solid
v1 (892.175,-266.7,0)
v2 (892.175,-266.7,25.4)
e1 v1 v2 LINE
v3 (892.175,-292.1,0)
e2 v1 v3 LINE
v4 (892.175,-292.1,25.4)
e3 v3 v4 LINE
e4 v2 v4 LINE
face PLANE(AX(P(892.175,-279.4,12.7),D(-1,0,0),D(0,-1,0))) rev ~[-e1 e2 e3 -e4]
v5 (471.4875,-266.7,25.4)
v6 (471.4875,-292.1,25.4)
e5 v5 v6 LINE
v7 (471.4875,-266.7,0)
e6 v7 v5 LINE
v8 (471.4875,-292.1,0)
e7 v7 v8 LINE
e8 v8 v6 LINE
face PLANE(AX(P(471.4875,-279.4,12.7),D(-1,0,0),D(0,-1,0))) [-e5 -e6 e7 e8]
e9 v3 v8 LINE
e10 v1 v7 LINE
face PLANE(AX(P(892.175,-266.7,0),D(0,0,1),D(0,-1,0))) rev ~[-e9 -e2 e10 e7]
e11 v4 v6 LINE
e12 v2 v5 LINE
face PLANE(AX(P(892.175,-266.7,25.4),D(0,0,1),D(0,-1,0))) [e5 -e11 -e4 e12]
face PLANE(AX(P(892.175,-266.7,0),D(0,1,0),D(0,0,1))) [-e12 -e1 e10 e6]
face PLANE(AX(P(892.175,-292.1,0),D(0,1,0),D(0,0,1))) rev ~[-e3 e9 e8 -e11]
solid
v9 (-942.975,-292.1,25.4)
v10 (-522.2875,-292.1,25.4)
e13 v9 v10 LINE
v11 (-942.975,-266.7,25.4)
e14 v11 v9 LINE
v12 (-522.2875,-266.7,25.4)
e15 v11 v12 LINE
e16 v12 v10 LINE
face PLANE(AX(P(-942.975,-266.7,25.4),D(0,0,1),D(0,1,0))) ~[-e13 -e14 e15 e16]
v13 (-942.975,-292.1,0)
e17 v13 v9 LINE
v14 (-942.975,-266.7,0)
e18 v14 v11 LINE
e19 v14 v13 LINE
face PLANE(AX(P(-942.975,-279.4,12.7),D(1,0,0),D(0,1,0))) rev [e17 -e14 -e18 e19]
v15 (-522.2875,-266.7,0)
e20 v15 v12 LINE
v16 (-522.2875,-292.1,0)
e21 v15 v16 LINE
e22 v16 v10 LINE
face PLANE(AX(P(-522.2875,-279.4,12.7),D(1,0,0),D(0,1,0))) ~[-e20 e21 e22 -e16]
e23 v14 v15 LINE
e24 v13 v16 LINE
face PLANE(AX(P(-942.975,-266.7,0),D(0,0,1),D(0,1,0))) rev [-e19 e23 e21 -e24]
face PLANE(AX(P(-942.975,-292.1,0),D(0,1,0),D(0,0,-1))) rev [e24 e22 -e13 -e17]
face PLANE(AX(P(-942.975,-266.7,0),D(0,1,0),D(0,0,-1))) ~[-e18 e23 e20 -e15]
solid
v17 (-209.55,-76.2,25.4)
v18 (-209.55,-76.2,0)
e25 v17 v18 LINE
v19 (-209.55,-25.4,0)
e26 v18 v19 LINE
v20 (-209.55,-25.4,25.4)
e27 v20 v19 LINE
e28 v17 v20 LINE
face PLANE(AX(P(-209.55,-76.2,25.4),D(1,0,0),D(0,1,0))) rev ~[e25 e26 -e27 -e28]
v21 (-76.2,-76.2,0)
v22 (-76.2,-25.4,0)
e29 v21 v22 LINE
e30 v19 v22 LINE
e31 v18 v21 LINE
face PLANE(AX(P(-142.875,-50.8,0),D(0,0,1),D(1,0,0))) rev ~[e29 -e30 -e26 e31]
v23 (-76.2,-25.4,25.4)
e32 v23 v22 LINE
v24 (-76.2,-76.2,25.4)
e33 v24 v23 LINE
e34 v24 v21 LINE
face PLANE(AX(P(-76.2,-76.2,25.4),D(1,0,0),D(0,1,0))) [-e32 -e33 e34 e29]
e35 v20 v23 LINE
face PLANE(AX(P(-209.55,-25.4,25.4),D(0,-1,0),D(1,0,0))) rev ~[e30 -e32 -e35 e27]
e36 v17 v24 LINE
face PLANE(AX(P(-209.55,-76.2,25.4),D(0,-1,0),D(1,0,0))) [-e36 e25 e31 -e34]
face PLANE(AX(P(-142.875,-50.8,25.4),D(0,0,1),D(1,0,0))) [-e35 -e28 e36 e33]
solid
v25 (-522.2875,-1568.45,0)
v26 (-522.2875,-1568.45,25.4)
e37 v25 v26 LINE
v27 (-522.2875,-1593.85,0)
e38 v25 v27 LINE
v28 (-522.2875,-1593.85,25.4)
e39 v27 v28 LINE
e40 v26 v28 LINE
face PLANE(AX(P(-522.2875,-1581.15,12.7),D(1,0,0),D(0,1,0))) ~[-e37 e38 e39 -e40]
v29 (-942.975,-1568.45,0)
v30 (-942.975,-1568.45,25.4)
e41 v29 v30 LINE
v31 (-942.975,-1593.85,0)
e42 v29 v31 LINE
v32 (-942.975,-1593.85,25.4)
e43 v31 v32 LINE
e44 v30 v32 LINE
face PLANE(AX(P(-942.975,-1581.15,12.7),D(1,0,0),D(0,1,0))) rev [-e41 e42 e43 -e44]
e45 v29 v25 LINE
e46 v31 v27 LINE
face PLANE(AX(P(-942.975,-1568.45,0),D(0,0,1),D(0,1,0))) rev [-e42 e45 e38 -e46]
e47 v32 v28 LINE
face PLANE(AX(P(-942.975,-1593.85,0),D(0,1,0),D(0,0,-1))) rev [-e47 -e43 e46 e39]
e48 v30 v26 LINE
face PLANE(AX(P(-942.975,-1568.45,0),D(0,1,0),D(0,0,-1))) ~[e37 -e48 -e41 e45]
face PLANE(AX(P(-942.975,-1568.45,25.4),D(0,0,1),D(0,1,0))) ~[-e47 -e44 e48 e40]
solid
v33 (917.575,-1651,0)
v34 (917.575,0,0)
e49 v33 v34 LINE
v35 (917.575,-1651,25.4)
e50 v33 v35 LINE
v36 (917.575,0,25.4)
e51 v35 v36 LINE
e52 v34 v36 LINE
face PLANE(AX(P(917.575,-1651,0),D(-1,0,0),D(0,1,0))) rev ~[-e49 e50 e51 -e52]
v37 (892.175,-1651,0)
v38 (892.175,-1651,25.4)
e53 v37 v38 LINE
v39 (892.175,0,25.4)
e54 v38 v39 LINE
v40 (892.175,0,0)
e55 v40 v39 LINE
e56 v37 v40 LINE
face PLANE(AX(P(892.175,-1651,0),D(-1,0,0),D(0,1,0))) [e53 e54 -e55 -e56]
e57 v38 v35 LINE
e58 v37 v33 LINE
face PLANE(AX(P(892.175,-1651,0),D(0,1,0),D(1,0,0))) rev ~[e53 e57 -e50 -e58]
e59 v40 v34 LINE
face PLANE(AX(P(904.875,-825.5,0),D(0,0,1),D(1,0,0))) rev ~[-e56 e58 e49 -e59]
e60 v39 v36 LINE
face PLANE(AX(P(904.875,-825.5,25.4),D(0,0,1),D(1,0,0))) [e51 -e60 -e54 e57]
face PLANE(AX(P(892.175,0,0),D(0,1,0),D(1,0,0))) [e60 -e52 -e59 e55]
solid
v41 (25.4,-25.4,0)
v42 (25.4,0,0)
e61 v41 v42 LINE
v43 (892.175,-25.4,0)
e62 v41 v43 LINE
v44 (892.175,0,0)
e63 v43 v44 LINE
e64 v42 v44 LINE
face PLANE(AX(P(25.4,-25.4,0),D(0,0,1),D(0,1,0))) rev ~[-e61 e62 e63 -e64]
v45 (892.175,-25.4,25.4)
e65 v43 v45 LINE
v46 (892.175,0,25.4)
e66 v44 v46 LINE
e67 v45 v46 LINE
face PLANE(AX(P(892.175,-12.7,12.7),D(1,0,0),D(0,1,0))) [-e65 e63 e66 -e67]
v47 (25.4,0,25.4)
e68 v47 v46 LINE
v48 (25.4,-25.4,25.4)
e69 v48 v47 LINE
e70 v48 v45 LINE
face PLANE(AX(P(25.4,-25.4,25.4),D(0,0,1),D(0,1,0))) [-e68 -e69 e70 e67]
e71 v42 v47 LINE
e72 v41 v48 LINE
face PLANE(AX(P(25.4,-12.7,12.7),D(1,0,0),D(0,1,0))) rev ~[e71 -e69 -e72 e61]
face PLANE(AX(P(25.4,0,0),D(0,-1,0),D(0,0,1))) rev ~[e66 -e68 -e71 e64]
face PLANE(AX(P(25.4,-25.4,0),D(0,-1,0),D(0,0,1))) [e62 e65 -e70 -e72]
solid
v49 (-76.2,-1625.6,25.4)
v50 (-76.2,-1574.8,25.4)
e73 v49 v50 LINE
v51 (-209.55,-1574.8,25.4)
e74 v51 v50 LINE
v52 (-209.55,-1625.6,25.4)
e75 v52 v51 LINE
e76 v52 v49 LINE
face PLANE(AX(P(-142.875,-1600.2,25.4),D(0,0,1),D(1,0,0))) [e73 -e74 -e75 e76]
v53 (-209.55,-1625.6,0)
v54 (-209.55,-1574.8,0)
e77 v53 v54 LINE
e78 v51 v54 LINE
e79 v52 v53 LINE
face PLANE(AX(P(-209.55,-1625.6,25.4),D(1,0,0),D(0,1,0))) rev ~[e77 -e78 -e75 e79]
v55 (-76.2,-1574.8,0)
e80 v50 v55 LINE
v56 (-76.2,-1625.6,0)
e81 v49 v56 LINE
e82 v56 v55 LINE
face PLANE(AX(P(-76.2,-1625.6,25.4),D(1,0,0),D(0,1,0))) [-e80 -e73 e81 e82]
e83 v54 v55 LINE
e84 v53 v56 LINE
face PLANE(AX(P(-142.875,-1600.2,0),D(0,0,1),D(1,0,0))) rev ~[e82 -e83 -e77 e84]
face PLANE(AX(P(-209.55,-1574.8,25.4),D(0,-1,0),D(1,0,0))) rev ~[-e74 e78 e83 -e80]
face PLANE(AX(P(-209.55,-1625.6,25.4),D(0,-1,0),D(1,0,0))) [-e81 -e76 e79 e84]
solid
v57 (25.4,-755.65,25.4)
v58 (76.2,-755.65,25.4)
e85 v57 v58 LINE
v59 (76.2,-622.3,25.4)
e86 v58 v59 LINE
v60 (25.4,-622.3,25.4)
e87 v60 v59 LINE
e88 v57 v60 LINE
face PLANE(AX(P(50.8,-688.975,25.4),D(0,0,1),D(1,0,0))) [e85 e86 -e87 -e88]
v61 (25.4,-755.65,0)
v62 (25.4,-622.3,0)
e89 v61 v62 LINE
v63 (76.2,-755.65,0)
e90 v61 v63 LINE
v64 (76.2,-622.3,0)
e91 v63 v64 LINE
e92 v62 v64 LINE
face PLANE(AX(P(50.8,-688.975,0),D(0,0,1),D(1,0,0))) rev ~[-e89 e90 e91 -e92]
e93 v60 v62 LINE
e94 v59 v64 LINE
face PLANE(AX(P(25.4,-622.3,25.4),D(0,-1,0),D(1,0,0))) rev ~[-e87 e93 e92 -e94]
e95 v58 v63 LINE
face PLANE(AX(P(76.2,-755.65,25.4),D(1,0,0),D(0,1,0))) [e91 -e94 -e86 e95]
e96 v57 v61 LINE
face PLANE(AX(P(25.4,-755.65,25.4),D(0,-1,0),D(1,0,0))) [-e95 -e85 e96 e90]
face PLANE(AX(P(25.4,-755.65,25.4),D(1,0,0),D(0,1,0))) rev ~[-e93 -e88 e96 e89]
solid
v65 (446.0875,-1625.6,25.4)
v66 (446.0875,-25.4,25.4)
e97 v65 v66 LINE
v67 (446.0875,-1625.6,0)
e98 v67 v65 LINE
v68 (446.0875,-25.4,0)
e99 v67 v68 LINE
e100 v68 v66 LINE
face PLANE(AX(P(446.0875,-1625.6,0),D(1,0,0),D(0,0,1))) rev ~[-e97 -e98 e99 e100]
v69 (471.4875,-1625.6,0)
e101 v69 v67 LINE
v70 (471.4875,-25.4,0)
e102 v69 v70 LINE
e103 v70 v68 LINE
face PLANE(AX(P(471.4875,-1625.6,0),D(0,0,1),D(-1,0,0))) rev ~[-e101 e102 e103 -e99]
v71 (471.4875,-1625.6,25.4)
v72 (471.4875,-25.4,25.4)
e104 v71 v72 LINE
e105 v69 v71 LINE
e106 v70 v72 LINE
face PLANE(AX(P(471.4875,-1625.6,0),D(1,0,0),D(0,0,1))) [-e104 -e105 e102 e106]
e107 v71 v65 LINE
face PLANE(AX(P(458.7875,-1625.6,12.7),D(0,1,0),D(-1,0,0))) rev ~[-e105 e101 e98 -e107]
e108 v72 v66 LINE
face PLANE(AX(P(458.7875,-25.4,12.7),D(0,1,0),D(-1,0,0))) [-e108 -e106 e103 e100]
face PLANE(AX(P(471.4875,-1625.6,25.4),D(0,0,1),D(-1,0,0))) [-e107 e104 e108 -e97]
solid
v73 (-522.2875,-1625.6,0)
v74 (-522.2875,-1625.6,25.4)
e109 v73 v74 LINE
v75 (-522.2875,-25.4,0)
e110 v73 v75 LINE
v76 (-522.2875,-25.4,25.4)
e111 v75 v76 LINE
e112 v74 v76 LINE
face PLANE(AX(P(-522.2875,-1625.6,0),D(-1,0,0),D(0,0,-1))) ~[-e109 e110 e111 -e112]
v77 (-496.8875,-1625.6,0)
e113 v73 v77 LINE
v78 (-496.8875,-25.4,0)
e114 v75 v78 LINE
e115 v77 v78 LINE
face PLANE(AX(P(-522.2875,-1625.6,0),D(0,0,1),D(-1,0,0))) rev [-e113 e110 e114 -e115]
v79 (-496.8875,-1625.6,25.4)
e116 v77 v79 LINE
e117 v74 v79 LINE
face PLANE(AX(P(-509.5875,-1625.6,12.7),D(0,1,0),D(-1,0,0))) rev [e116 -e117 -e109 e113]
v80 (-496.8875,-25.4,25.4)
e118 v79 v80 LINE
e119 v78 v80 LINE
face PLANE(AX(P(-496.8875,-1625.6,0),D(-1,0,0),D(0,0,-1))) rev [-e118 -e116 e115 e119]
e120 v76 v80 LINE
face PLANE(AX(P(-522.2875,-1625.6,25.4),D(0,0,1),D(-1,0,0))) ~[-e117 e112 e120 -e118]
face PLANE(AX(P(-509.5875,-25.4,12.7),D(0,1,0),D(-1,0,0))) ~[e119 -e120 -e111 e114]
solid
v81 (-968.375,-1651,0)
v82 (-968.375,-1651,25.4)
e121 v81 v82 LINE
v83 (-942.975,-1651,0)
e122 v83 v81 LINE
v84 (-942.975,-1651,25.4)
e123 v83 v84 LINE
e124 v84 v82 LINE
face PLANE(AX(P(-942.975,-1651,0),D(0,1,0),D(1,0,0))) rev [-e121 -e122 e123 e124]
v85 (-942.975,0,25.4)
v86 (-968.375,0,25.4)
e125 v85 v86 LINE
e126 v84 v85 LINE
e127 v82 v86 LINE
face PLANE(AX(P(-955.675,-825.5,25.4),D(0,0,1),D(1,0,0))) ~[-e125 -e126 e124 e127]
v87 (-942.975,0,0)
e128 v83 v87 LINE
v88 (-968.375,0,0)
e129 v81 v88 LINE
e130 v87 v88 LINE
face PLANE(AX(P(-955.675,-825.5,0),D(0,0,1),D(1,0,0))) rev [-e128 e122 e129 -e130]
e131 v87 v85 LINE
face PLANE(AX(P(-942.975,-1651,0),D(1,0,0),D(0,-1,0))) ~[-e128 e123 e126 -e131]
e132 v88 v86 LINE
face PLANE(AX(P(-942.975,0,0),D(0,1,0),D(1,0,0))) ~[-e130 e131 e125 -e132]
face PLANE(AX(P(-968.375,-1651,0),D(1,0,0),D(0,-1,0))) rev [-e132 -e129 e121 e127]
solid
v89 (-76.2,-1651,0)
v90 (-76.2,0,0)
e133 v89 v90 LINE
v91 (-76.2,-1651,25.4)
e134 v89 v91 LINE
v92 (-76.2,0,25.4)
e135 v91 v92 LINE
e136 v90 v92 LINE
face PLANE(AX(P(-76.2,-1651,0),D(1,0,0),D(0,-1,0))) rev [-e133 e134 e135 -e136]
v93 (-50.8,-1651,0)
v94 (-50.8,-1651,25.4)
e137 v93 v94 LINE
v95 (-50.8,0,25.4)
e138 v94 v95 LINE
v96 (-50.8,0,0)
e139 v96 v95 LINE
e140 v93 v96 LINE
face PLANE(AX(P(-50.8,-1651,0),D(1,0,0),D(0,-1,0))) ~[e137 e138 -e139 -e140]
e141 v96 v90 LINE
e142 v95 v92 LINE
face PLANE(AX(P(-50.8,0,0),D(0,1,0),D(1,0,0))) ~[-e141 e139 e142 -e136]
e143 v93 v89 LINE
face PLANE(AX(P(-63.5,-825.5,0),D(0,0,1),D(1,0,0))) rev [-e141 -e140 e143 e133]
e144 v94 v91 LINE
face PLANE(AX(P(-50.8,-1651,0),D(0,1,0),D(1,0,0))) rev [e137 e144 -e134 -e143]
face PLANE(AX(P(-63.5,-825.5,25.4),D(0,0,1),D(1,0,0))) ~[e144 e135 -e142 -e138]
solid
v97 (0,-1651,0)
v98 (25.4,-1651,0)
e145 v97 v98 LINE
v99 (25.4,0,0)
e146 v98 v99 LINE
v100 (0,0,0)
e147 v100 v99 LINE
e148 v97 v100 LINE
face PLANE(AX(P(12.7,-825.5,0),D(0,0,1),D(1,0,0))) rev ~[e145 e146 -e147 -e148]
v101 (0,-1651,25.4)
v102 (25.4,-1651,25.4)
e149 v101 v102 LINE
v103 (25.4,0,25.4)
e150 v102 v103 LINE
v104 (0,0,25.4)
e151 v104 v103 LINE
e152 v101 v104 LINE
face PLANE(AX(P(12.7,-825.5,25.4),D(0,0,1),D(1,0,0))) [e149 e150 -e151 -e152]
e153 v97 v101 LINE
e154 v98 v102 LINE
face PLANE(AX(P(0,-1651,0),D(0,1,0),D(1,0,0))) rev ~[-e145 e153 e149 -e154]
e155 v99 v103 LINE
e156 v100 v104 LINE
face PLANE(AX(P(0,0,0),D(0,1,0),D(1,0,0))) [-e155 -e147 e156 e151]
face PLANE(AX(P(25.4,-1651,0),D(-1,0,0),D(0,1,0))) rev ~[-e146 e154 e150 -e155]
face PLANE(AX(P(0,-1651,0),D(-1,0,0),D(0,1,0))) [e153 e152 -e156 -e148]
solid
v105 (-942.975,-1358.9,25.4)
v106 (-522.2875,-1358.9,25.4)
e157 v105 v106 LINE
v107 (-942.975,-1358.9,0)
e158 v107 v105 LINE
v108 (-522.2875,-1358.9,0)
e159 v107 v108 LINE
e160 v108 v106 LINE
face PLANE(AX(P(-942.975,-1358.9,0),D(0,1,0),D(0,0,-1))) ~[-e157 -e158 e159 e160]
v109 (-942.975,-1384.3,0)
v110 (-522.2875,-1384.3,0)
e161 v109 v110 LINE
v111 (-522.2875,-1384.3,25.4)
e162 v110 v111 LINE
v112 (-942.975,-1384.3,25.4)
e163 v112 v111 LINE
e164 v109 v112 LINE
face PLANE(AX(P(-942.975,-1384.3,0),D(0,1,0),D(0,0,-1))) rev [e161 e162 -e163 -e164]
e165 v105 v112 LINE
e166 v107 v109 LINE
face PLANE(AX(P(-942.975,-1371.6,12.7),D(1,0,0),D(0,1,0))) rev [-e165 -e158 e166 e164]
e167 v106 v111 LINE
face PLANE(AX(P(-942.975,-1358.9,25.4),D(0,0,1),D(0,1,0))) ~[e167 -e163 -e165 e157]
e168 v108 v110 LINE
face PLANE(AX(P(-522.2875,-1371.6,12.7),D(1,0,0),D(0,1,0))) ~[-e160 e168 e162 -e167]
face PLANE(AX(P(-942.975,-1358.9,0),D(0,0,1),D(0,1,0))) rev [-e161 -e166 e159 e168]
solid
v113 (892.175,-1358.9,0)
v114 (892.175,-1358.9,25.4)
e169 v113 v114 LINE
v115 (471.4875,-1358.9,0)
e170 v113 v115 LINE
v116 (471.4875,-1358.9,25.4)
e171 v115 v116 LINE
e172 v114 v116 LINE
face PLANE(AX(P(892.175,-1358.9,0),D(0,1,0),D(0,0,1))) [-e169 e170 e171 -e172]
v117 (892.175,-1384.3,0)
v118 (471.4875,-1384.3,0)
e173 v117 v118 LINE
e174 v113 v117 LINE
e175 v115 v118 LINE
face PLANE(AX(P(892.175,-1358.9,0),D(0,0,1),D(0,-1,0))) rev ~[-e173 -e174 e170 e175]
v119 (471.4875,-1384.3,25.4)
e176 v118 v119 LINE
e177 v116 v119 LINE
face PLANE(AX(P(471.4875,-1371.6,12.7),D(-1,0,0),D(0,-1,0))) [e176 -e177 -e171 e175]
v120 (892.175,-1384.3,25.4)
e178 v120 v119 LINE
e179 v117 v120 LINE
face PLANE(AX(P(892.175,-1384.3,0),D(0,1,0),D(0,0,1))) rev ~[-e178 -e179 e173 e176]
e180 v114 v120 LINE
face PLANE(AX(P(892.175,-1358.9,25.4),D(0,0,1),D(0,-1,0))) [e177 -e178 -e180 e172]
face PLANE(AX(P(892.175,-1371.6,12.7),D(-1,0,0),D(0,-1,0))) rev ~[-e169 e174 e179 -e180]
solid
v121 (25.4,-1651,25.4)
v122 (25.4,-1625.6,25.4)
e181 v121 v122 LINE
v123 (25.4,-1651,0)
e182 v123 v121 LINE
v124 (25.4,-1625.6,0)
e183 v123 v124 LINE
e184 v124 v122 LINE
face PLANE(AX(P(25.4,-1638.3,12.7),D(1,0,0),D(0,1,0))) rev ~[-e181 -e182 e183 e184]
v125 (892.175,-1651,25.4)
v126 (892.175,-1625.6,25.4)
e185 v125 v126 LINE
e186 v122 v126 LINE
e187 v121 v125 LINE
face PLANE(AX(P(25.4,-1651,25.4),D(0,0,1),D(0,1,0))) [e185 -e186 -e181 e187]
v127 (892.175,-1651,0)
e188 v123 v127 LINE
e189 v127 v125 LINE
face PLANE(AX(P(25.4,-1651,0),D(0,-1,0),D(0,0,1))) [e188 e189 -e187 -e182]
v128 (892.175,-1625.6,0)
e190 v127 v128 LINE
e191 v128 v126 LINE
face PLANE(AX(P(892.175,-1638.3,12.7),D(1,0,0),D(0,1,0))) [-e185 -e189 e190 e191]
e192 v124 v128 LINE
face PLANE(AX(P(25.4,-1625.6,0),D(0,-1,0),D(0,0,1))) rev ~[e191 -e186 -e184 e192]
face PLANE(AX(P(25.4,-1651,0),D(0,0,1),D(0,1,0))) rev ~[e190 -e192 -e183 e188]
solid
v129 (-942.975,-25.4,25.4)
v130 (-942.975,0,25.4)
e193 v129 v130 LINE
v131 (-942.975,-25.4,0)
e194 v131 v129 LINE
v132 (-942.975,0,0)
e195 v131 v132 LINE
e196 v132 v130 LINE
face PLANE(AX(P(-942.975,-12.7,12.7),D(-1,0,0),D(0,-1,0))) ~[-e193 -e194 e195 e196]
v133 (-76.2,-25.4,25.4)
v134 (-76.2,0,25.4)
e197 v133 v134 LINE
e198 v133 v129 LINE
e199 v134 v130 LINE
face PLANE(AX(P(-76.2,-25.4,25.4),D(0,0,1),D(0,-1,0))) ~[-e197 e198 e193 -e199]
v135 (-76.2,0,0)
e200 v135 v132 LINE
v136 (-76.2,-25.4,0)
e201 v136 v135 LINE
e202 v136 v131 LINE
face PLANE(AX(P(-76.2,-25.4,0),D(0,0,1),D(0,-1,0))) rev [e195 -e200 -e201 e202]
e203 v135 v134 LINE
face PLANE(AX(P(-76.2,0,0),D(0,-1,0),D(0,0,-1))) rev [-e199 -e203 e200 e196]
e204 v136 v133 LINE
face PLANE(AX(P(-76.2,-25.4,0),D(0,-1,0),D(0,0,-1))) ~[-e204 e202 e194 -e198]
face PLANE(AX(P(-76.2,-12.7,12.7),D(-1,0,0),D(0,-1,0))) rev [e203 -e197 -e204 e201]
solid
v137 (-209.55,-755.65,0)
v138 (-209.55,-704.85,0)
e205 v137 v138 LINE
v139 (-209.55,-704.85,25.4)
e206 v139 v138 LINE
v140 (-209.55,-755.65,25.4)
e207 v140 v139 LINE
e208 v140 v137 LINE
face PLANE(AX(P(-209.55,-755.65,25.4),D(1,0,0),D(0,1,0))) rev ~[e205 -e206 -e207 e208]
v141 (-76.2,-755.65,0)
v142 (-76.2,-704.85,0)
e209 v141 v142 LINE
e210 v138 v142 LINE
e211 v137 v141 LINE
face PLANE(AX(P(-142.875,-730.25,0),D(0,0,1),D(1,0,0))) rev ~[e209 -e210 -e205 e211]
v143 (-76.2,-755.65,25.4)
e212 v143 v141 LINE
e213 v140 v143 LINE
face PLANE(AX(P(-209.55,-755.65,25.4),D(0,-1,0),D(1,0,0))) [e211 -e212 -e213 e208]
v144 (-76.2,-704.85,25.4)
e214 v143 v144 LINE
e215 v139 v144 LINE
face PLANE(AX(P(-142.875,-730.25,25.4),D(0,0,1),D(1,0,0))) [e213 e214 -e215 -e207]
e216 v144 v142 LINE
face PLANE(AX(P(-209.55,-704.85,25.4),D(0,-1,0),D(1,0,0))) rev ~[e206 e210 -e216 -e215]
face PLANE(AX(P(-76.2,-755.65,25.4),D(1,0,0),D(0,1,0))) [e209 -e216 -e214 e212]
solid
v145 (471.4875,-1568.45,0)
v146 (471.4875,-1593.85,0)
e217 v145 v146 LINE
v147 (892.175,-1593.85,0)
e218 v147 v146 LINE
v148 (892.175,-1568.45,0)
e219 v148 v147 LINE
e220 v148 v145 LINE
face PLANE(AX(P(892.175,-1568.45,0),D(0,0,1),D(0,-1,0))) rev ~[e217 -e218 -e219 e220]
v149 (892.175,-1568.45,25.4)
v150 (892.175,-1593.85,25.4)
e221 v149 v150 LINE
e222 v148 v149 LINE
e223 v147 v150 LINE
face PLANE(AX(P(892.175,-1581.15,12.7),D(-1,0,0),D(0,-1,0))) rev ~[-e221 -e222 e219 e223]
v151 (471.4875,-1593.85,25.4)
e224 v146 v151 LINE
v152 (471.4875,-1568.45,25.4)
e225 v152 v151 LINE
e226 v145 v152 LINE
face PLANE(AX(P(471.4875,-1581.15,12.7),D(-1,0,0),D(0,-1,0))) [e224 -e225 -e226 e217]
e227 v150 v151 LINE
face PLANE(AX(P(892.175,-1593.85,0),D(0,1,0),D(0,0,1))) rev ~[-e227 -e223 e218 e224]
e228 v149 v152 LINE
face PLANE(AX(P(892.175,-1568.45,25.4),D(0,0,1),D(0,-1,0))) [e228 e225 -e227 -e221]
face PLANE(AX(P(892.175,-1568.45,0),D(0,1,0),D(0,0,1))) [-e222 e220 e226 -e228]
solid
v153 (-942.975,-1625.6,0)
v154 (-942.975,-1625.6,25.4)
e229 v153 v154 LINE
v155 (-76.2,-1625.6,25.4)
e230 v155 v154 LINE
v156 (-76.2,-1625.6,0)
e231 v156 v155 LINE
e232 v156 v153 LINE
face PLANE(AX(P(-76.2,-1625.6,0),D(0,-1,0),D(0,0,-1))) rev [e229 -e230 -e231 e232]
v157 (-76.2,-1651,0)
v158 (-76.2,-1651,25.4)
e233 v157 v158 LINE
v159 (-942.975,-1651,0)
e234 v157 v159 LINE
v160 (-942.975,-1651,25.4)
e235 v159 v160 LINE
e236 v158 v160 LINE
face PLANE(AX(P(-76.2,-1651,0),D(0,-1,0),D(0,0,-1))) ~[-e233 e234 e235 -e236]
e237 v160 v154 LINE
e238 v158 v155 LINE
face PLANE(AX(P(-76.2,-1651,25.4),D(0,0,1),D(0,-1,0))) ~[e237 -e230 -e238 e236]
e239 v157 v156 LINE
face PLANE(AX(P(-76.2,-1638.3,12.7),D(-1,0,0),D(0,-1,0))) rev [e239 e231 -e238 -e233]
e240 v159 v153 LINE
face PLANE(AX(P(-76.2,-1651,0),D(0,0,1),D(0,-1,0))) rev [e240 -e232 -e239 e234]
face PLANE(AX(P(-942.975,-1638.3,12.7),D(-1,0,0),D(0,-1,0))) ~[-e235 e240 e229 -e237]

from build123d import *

# Parameters (mm, degrees)
F0_W      = 25.4
F0_H      = 1651
F1_DEPTH  = 25.4
F2_W      = 25.4
F2_H      = 25.4
F3_DEPTH  = 866.775
F4_W      = 25.4
F4_H      = 25.4
F5_DEPTH  = 1600.2
F6_W      = 25.4
F6_H      = 25.4
F7_DEPTH  = 420.6875
F10_W     = 133.35
F10_H     = 50.8
F10_W_2   = 50.8
F10_H_2   = 133.35
F11_DEPTH = 25.4


with BuildPart() as f1:
    # F0 (on Top) → F1 (new body)
    with BuildSketch(Plane.XY):
        with Locations((12.7, -825.5)):
            Rectangle(F0_W, F0_H)
        with Locations((904.875, -825.5)):
            Rectangle(F0_W, F0_H)
    extrude(amount=F1_DEPTH)


with BuildPart() as f3:
    # F2 (on face) → F3 (new body, through all)
    with BuildSketch(Plane.YZ.offset(25.4)):
        with Locations((-12.7, 12.7)):
            Rectangle(F2_W, F2_H)
        with Locations((-1638.3, 12.7)):
            Rectangle(F2_W, F2_H)
    extrude(amount=F3_DEPTH)


with BuildPart() as f5:
    # F4 (on face) → F5 (new body, through all)
    with BuildSketch(Plane(origin=(0, -1625.6, 0), x_dir=(-1, 0, 0), z_dir=(0, 1, 0))):
        with Locations((-458.7875, 12.7)):
            Rectangle(F4_W, F4_H)
    extrude(amount=F5_DEPTH)


with BuildPart() as f7:
    # F6 (on face) → F7 (new body, through all)
    with BuildSketch(Plane(origin=(892.175, 0, 0), x_dir=(0, -1, 0), z_dir=(-1, 0, 0))):
        with Locations((279.4, 12.7)):
            Rectangle(F6_W, F6_H)
        with Locations((1581.15, 12.7)):
            Rectangle(F6_W, F6_H)
        with Locations((1371.6, 12.7)):
            Rectangle(F6_W, F6_H)
    extrude(amount=F7_DEPTH)


with BuildPart() as f9_1:
    # F9: instance of F1
    add(f1.part.mirror(Plane(origin=(-25.4, -825.5, 12.7), x_dir=(0, -1, 0), z_dir=(-1, 0, 0))))


with BuildPart() as f9_2:
    # F9: instance of F7
    add(f7.part.mirror(Plane(origin=(-25.4, -825.5, 12.7), x_dir=(0, -1, 0), z_dir=(-1, 0, 0))))


with BuildPart() as f9_3:
    # F9: instance of F5
    add(f5.part.mirror(Plane(origin=(-25.4, -825.5, 12.7), x_dir=(0, -1, 0), z_dir=(-1, 0, 0))))


with BuildPart() as f9_4:
    # F9: instance of F3
    add(f3.part.mirror(Plane(origin=(-25.4, -825.5, 12.7), x_dir=(0, -1, 0), z_dir=(-1, 0, 0))))


with BuildPart() as f11:
    # F10 (on face) → F11 (new body)
    with BuildSketch(Plane.XY.offset(25.4)):
        with Locations((-142.875, -50.8)):
            Rectangle(F10_W, F10_H)
        with Locations((-142.875, -1600.2)):
            Rectangle(F10_W, F10_H)
        with Locations((-142.875, -730.25)):
            Rectangle(F10_W, F10_H)
        with Locations((50.8, -688.975)):
            Rectangle(F10_W_2, F10_H_2)
    extrude(amount=-F11_DEPTH)


solid = Compound([f1.part, f3.part, f5.part, f7.part, f9_1.part, f9_2.part, f9_3.part, f9_4.part, f11.part])
